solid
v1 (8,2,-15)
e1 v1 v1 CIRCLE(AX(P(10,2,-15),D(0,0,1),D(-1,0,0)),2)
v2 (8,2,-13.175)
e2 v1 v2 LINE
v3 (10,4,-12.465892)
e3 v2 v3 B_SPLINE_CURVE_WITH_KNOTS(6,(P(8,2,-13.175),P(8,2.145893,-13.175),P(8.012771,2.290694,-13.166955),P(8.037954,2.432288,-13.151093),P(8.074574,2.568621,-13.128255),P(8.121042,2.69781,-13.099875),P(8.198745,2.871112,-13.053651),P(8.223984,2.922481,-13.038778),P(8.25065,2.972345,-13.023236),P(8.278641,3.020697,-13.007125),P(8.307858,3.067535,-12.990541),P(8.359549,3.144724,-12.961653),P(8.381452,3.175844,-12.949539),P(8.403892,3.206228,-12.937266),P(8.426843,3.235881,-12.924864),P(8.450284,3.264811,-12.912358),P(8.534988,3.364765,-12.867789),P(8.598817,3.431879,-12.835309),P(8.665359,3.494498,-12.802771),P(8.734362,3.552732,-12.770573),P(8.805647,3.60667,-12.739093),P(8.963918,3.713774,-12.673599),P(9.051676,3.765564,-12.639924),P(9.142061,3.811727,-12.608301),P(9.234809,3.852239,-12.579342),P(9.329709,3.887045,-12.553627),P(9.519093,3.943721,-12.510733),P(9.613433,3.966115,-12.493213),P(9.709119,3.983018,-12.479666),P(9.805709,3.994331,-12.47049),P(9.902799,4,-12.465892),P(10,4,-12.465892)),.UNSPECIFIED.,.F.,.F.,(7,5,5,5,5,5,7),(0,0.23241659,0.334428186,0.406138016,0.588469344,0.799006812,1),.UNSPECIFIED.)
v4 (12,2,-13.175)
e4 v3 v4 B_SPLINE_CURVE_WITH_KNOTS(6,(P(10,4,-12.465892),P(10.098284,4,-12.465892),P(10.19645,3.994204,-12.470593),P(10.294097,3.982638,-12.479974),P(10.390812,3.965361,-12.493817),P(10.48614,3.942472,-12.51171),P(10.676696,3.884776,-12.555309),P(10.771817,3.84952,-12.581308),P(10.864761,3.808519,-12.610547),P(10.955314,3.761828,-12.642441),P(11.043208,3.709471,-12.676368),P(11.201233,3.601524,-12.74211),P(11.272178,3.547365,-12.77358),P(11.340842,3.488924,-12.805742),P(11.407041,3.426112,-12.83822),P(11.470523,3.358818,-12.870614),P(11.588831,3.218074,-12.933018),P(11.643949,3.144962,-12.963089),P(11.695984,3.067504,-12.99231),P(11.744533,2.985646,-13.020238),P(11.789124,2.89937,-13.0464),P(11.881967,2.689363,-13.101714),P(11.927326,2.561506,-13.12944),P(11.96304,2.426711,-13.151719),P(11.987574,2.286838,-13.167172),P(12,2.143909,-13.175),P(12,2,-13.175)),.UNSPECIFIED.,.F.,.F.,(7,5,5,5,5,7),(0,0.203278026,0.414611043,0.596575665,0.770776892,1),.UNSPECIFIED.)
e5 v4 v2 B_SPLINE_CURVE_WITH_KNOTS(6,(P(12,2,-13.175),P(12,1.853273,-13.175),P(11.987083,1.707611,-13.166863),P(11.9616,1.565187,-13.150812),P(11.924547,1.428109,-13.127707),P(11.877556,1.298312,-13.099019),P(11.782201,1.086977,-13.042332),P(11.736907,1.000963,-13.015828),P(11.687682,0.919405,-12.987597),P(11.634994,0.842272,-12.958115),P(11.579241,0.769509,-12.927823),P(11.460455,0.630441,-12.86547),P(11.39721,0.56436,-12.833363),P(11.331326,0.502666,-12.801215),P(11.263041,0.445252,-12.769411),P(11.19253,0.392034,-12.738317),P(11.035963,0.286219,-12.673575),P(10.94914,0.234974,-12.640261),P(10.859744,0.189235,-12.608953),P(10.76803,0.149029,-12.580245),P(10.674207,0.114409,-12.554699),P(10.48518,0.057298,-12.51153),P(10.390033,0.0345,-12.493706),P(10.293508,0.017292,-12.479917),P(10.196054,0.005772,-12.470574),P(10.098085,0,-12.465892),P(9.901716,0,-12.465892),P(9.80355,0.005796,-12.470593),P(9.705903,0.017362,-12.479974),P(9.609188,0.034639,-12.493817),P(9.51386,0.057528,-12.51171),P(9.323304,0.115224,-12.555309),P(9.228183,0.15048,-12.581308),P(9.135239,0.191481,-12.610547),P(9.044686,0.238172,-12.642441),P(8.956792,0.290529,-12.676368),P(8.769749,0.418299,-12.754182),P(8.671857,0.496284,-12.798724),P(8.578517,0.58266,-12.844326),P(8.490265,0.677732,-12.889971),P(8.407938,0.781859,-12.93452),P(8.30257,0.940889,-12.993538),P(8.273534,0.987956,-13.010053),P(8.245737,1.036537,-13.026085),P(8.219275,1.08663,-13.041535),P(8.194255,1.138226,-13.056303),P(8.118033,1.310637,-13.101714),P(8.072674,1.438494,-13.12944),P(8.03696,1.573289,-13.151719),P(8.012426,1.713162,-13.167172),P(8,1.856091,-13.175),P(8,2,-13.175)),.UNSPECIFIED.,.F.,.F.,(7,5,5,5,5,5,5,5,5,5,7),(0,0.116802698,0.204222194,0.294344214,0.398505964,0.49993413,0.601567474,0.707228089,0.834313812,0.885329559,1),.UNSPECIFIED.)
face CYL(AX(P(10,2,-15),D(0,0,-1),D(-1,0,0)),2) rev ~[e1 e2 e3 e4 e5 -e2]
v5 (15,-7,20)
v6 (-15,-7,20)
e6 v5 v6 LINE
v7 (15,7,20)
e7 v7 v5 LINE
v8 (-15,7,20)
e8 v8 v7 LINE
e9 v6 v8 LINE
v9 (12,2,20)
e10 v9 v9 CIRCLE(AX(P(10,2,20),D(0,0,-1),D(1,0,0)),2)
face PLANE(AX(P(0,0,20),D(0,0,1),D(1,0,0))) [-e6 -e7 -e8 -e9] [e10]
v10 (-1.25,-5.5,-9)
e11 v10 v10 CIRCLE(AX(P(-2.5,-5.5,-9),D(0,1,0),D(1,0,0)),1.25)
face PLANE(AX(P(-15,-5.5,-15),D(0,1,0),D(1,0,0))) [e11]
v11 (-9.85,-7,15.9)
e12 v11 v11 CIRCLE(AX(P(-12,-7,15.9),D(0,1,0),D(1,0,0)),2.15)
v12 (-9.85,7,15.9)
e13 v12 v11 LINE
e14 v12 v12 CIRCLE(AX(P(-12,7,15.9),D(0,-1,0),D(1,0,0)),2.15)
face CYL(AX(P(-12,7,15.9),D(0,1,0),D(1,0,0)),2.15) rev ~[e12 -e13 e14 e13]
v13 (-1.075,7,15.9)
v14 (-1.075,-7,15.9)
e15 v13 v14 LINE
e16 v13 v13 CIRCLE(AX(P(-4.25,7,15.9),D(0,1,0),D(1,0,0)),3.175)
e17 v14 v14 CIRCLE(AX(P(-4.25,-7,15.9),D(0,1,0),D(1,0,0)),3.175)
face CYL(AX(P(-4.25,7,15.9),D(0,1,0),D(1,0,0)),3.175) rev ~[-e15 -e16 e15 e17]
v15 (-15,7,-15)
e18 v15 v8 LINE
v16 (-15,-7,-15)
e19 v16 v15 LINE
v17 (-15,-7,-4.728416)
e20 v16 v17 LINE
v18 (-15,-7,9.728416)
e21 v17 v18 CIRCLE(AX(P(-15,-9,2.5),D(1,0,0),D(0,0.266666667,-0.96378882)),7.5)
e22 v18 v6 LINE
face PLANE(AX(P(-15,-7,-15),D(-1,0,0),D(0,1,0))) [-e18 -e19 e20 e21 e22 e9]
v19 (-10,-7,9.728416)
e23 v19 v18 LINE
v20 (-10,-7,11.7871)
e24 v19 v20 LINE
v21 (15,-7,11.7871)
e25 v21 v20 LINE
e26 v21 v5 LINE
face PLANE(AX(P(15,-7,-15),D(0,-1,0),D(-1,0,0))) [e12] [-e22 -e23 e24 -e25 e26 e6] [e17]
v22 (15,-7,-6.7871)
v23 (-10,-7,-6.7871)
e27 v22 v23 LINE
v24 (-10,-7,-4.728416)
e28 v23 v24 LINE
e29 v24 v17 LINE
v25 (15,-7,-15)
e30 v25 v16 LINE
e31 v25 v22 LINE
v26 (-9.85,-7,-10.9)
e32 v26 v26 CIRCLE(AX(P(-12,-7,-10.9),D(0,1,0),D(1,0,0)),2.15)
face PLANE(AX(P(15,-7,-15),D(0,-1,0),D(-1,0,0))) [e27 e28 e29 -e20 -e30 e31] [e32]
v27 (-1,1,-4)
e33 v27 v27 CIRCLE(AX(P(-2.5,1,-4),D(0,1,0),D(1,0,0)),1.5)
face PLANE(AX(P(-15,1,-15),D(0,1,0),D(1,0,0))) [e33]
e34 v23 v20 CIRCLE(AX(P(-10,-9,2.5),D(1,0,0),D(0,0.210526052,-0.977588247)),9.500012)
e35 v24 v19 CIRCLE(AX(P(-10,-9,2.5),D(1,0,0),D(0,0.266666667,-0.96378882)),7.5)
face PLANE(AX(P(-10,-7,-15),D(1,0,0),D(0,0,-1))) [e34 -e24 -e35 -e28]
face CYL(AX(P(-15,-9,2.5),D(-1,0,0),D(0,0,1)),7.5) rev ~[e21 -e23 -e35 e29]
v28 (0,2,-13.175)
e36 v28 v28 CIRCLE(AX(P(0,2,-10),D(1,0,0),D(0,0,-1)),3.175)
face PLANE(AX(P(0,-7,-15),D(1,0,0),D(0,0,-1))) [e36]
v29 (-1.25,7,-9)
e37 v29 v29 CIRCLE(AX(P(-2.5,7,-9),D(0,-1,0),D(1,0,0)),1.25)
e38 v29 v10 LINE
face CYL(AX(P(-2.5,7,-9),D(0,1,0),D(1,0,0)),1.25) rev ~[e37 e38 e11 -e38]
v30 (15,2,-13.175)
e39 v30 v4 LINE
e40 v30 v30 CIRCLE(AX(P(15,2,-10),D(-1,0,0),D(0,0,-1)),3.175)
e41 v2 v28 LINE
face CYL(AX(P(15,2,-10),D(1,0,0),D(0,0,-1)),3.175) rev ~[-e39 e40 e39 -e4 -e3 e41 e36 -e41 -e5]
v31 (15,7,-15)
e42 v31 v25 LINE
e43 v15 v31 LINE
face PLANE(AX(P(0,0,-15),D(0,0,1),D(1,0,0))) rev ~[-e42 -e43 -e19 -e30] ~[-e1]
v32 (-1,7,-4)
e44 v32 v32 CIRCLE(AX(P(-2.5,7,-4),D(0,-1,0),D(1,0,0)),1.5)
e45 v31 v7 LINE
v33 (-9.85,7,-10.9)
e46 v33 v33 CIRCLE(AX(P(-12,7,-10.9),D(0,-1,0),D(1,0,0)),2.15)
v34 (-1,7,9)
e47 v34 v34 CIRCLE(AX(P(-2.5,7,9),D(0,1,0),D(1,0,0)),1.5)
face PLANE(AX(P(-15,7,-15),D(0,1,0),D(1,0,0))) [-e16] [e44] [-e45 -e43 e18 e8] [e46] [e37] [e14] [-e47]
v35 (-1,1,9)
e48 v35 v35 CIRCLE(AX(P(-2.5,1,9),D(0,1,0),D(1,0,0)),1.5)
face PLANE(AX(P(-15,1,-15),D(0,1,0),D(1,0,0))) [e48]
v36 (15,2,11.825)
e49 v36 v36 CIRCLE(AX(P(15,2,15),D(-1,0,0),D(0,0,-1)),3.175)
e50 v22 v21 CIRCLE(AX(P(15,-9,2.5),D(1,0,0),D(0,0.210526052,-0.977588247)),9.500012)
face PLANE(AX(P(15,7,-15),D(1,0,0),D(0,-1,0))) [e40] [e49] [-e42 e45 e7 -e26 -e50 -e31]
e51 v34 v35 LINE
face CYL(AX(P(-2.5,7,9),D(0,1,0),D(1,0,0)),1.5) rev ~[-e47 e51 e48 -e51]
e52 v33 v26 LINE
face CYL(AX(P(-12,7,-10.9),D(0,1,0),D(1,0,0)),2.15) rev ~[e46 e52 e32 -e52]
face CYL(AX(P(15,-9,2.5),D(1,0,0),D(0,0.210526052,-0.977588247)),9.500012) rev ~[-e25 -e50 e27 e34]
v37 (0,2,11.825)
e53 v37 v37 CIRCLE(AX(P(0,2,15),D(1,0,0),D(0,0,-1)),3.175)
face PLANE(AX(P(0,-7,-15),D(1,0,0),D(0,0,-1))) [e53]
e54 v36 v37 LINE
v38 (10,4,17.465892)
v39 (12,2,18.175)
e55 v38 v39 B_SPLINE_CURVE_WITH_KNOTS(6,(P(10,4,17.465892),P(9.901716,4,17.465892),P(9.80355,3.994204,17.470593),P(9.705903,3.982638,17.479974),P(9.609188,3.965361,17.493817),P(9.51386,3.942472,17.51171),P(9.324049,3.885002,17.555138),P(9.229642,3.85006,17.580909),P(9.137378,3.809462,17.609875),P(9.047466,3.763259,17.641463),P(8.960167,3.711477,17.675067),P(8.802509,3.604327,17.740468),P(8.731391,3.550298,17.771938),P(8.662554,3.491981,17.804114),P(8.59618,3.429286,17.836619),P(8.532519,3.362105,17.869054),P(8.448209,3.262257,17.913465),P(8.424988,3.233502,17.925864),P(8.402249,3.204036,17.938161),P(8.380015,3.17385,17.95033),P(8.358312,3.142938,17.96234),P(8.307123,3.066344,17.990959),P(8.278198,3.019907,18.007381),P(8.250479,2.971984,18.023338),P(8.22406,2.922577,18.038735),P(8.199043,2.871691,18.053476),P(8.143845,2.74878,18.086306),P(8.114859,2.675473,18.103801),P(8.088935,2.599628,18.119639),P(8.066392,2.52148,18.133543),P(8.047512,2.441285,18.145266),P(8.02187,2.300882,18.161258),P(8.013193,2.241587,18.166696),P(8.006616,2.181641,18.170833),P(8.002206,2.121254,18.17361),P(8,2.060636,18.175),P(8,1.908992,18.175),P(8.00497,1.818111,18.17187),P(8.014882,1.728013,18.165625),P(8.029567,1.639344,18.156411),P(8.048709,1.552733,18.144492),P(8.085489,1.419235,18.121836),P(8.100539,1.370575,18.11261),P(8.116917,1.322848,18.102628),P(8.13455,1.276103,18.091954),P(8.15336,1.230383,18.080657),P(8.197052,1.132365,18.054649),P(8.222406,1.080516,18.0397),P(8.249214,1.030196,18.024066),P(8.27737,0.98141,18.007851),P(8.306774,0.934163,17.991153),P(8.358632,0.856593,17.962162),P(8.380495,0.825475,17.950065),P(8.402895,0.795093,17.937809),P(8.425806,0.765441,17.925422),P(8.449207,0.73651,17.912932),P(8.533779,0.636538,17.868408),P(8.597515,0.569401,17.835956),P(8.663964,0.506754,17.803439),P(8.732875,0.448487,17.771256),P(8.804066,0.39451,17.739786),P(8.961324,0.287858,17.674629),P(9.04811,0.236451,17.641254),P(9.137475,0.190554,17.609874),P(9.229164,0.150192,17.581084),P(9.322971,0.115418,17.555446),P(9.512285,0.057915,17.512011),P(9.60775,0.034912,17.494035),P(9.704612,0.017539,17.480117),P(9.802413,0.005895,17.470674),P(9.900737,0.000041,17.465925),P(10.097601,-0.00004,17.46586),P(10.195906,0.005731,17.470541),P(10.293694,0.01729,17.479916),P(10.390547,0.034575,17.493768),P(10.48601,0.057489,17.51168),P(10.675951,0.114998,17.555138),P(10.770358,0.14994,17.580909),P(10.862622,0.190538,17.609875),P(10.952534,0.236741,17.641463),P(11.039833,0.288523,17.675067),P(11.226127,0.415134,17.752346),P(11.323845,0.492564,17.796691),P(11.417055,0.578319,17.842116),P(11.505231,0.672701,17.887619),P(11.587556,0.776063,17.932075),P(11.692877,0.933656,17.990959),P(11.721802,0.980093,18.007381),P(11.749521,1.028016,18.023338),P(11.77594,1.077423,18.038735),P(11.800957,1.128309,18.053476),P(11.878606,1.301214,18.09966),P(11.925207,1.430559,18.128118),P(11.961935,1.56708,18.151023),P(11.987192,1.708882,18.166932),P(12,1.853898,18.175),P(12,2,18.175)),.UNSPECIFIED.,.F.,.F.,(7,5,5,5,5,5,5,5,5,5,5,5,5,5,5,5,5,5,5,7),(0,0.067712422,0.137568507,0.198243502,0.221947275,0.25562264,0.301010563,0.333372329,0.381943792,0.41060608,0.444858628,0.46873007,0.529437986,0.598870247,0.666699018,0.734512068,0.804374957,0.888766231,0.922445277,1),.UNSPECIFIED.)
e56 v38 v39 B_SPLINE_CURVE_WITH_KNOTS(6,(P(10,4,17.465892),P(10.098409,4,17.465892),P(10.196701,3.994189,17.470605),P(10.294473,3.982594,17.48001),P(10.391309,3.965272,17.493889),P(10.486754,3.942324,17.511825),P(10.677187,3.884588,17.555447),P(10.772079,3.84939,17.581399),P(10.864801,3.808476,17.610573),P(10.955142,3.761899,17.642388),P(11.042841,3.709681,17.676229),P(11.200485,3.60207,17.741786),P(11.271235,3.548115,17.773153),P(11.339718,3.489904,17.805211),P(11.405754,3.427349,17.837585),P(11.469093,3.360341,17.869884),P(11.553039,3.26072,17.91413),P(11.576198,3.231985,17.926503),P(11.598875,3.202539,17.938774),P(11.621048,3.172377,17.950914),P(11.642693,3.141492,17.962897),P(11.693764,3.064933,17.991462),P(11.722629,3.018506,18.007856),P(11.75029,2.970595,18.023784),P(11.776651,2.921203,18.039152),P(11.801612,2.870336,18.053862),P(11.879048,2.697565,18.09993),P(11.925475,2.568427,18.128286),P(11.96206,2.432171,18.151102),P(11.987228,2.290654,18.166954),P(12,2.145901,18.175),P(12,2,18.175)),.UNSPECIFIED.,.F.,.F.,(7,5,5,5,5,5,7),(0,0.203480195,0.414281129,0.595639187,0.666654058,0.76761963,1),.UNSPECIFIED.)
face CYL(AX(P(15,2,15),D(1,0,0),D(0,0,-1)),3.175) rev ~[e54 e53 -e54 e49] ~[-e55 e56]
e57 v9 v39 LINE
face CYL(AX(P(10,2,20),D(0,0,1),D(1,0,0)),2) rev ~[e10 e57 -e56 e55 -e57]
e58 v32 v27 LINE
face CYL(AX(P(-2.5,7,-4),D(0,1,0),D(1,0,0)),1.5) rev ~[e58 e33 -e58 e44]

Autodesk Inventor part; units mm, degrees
ref_plane "YZ Plane" through (0, 0, 0) normal (1, 0, 0) x (0, 1, 0)
ref_plane "XZ Plane" through (0, 0, 0) normal (0, 1, 0) x (-1, 0, 0)
ref_plane "XY Plane" through (0, 0, 0) normal (0, 0, 1) x (1, 0, 0)
sketch "Sketch1" plane through (0, 0, 0) normal (0, 0, 1) x (1, 0, 0)
  line L0 (15, -7) -> (-15, -7)
  line L1 (-15, -7) -> (-15, 7)
  line L2 (-15, 7) -> (15, 7)
  line L3 (15, 7) -> (15, -7)
  line L4 (15, -7) -> (-15, 7) construction
  line L5 (-15, -7) -> (15, 7) construction
  point P0 (0, 0)
  dimension "d0" = 30
  dimension "d1" = 14
extrude "Extrusion1" add sketch "Sketch1" along normal blind 35
sketch "Sketch3" plane through (15, -7, 0) normal (1, 0, 0) x (0, 0, -1)
  line L0 (0, 0) -> (-35, 0) projected
  line L1 (-17.5, 0) -> (-17.5, -2)
  arc A0 (-8.2129, 0) -> (-26.7871, 0) centre (-17.5, -2) ccw
  point P0 (0, 7)
  dimension "d4" = 2
  dimension "d5" = 19
extrude "Extrusion2" cut sketch "Sketch3" against normal blind 25
sketch "Sketch5" plane through (-15, 7, 0) normal (0, 1, 0) x (1, 0, 0)
  line L0 (30, 0) -> (0, 0) projected
  line L1 (30, -35) -> (0, -35) projected
  line L2 (0, -35) -> (0, -30.9)
  line L3 (0, 0) -> (0, -35) projected
  line L4 (0, -30.9) -> (2.75, -30.9)
  circle A0 centre (2.75, -30.9) radius 2
  line L5 (0, 0) -> (0, -4.1)
  line L6 (0, -4.1) -> (2.75, -4.1)
  circle A1 centre (2.75, -4.1) radius 2
  line L7 (2.75, -30.9) -> (10.75, -30.9)
  circle A2 centre (10.75, -30.9) radius 3.175
  point P0 (15, 0)
  dimension "d11" = 4.1
  dimension "d12" = 2.75
  dimension "d13" = 4
  dimension "d14" = 4.1
  dimension "d15" = 2.75
  dimension "d16" = 4
  dimension "d17" = 8
  dimension "d18" = 6.35
extrude "Extrusion3" cut sketch "Sketch5" against normal blind 100 contours A2
sketch "Sketch6" plane through (-15, 7, 0) normal (0, 1, 0) x (1, 0, 0)
  point P0 (15, 0)
sketch "Sketch7" plane through (15, -7, 0) normal (1, 0, 0) x (0, 0, -1)
  line L0 (0, 14) -> (-35, 14) projected
  line L1 (-35, 14) -> (-30, 14)
  line L2 (-30, 14) -> (-30, 9)
  line L3 (0, 14) -> (0, 0) projected
  line L4 (0, 14) -> (-5, 14)
  line L5 (-5, 14) -> (-5, 9)
  circle A0 centre (-30, 9) radius 3.175
  circle A1 centre (-5, 9) radius 3.175
  point P0 (0, 7)
  dimension "d21" = 5
  dimension "d22" = 5
  dimension "d23" = 5
  dimension "d24" = 5
  dimension "d25" = 6.35
  dimension "d26" = 6.35
extrude "Extrusion4" cut sketch "Sketch7" against normal blind 15
move or copy body "Move Body1" bodies to move or copy 1 copy no translate (-20, 0, 0)
move or copy body "Move Body2" bodies to move or copy 1 copy no translate (-5, 0, 0)
sketch "Sketch8" plane through (0, 0, 0) normal (1, 0, 0) x (0, 1, 0)
  point P0 (0, 0)
sketch "Sketch9" plane through (-40, 7, 0) normal (0, 1, 0) x (1, 0, 0)
  line L0 (30, -35) -> (0, -35) projected
  line L1 (0, -35) -> (0, -30.9)
  line L2 (0, 0) -> (0, -35) projected
  line L3 (0, -30.9) -> (3, -30.9)
  circle A0 centre (3, -30.9) radius 2.15
  line L4 (0, 0) -> (0, -4.1)
  line L5 (0, -4.1) -> (3, -4.1)
  circle A1 centre (3, -4.1) radius 2.15
  point P0 (40, 0)
  dimension "d35" = 4.1
  dimension "d36" = 3
  dimension "d37" = 4.3
  dimension "d38" = 4.1
  dimension "d39" = 4.3
  dimension "d40" = 3
extrude "Extrusion5" cut sketch "Sketch9" against normal blind 14
sketch "Sketch14" plane through (-40, 7, 35) normal (0, 0, 1) x (1, 0, 0)
  line L0 (30, 0) -> (0, 0) projected
  line L1 (30, 0) -> (25, 0)
  line L2 (25, 0) -> (25, -5)
  circle A0 centre (25, -5) radius 2
  point P0 (40, -7)
  dimension "d47" = 5
  dimension "d48" = 5
  dimension "d49" = 4
extrude "Extrusion6" cut sketch "Sketch14" against normal blind 3
sketch "Sketch15" plane through (-10, 7, 0) normal (0, 0, -1) x (-1, 0, 0)
  line L0 (0, -14) -> (0, 0) projected
  line L1 (0, 0) -> (5, 0)
  line L2 (0, 0) -> (30, 0) projected
  line L3 (5, 0) -> (5, -5)
  circle A0 centre (5, -5) radius 2
  point P0 (-10, -7)
  dimension "d52" = 5
  dimension "d53" = 5
  dimension "d54" = 4
extrude "Extrusion7" cut sketch "Sketch15" against normal blind 4
thread "Thread3" size "M4x0.7" class "6H" standard "ANSI Metric M Profile" full length
thread "Thread4" size "M4x0.7" class "6H" standard "ANSI Metric M Profile" full length
sketch "Sketch16" plane through (-40, -7, 0) normal (-1, 0, 0) x (0, 0, 1)
  line L0 (0, 14) -> (35, 14) projected
  line L1 (0, 14) -> (17.5, 14)
  line L2 (17.5, 14) -> (17.5, -2)
  circle A0 centre (17.5, -2) radius 7.5
  point P0 (0, 7)
  dimension "d61" = 16
  dimension "d62" = 15
extrude "Extrusion8" cut sketch "Sketch16" against normal blind 15
move or copy body "Move Body3" bodies to move or copy 1 copy no translate (25, 0, 0)
move or copy body "Move Body4" bodies to move or copy 1 copy no translate (10, 0, -15)
move or copy body "Move Body5" bodies to move or copy 1 copy no translate (-10, 0, 0)
sketch "Sketch17" plane through (15, -7, -15) normal (1, 0, 0) x (0, 0, -1)
  point P0 (-15, 7)
sketch "Sketch19" plane through (-15, 7, -15) normal (0, 1, 0) x (1, 0, 0)
  line L0 (30, 0) -> (0, 0) projected
  line L1 (0, 0) -> (0, -6)
  line L2 (0, 0) -> (6, 0) construction
  line L3 (0, -6) -> (12.5, -6)
  circle A0 centre (12.5, -6) radius 1.25
  line L4 (12.5, -6) -> (12.5, -8.5)
  line L5 (12.5, -6) -> (15, -6) construction
  point P0 (15, -15)
  dimension "d74" = 6
  dimension "d75" = 90
  dimension "d76" = 12.5
  dimension "d77" = 90
  dimension "d78" = 2.5
  dimension "d84" = 2.5
  dimension "d85" = 90
extrude "Extrusion9" cut sketch "Sketch19" against normal blind 12.5
sketch "Sketch20" plane through (-15, 7, -15) normal (0, 1, 0) x (1, 0, 0)
  circle A0 centre (12.5, -6) radius 1.25 projected
  line L0 (12.5, -6) -> (12.5, -11)
  circle A1 centre (12.5, -11) radius 1.5
  line L1 (30, 0) -> (0, 0) projected
  line L2 (12.5, -11) -> (25.5, -11) construction
  line L3 (0, 0) -> (0, -35) projected
  line L4 (0, -17.5) -> (30, -17.5)
  line L5 (30, -8.2129) -> (30, -26.7871) projected
  circle A2 centre (12.5, -24) radius 1.5
  point P0 (15, -15)
  dimension "d86" = 5
  dimension "d87" = 3
extrude "Extrusion10" cut sketch "Sketch20" against normal blind 6 contours A1 | A2
thread "Thread5" size "M3x0.5" class "6H" standard "ANSI Metric M Profile" full length
thread "Thread6" size "M3x0.5" class "6H" standard "ANSI Metric M Profile" full length
equation "\"d55\" = d54"
properties part number "Rb oven housing top-back" material "Copper"
